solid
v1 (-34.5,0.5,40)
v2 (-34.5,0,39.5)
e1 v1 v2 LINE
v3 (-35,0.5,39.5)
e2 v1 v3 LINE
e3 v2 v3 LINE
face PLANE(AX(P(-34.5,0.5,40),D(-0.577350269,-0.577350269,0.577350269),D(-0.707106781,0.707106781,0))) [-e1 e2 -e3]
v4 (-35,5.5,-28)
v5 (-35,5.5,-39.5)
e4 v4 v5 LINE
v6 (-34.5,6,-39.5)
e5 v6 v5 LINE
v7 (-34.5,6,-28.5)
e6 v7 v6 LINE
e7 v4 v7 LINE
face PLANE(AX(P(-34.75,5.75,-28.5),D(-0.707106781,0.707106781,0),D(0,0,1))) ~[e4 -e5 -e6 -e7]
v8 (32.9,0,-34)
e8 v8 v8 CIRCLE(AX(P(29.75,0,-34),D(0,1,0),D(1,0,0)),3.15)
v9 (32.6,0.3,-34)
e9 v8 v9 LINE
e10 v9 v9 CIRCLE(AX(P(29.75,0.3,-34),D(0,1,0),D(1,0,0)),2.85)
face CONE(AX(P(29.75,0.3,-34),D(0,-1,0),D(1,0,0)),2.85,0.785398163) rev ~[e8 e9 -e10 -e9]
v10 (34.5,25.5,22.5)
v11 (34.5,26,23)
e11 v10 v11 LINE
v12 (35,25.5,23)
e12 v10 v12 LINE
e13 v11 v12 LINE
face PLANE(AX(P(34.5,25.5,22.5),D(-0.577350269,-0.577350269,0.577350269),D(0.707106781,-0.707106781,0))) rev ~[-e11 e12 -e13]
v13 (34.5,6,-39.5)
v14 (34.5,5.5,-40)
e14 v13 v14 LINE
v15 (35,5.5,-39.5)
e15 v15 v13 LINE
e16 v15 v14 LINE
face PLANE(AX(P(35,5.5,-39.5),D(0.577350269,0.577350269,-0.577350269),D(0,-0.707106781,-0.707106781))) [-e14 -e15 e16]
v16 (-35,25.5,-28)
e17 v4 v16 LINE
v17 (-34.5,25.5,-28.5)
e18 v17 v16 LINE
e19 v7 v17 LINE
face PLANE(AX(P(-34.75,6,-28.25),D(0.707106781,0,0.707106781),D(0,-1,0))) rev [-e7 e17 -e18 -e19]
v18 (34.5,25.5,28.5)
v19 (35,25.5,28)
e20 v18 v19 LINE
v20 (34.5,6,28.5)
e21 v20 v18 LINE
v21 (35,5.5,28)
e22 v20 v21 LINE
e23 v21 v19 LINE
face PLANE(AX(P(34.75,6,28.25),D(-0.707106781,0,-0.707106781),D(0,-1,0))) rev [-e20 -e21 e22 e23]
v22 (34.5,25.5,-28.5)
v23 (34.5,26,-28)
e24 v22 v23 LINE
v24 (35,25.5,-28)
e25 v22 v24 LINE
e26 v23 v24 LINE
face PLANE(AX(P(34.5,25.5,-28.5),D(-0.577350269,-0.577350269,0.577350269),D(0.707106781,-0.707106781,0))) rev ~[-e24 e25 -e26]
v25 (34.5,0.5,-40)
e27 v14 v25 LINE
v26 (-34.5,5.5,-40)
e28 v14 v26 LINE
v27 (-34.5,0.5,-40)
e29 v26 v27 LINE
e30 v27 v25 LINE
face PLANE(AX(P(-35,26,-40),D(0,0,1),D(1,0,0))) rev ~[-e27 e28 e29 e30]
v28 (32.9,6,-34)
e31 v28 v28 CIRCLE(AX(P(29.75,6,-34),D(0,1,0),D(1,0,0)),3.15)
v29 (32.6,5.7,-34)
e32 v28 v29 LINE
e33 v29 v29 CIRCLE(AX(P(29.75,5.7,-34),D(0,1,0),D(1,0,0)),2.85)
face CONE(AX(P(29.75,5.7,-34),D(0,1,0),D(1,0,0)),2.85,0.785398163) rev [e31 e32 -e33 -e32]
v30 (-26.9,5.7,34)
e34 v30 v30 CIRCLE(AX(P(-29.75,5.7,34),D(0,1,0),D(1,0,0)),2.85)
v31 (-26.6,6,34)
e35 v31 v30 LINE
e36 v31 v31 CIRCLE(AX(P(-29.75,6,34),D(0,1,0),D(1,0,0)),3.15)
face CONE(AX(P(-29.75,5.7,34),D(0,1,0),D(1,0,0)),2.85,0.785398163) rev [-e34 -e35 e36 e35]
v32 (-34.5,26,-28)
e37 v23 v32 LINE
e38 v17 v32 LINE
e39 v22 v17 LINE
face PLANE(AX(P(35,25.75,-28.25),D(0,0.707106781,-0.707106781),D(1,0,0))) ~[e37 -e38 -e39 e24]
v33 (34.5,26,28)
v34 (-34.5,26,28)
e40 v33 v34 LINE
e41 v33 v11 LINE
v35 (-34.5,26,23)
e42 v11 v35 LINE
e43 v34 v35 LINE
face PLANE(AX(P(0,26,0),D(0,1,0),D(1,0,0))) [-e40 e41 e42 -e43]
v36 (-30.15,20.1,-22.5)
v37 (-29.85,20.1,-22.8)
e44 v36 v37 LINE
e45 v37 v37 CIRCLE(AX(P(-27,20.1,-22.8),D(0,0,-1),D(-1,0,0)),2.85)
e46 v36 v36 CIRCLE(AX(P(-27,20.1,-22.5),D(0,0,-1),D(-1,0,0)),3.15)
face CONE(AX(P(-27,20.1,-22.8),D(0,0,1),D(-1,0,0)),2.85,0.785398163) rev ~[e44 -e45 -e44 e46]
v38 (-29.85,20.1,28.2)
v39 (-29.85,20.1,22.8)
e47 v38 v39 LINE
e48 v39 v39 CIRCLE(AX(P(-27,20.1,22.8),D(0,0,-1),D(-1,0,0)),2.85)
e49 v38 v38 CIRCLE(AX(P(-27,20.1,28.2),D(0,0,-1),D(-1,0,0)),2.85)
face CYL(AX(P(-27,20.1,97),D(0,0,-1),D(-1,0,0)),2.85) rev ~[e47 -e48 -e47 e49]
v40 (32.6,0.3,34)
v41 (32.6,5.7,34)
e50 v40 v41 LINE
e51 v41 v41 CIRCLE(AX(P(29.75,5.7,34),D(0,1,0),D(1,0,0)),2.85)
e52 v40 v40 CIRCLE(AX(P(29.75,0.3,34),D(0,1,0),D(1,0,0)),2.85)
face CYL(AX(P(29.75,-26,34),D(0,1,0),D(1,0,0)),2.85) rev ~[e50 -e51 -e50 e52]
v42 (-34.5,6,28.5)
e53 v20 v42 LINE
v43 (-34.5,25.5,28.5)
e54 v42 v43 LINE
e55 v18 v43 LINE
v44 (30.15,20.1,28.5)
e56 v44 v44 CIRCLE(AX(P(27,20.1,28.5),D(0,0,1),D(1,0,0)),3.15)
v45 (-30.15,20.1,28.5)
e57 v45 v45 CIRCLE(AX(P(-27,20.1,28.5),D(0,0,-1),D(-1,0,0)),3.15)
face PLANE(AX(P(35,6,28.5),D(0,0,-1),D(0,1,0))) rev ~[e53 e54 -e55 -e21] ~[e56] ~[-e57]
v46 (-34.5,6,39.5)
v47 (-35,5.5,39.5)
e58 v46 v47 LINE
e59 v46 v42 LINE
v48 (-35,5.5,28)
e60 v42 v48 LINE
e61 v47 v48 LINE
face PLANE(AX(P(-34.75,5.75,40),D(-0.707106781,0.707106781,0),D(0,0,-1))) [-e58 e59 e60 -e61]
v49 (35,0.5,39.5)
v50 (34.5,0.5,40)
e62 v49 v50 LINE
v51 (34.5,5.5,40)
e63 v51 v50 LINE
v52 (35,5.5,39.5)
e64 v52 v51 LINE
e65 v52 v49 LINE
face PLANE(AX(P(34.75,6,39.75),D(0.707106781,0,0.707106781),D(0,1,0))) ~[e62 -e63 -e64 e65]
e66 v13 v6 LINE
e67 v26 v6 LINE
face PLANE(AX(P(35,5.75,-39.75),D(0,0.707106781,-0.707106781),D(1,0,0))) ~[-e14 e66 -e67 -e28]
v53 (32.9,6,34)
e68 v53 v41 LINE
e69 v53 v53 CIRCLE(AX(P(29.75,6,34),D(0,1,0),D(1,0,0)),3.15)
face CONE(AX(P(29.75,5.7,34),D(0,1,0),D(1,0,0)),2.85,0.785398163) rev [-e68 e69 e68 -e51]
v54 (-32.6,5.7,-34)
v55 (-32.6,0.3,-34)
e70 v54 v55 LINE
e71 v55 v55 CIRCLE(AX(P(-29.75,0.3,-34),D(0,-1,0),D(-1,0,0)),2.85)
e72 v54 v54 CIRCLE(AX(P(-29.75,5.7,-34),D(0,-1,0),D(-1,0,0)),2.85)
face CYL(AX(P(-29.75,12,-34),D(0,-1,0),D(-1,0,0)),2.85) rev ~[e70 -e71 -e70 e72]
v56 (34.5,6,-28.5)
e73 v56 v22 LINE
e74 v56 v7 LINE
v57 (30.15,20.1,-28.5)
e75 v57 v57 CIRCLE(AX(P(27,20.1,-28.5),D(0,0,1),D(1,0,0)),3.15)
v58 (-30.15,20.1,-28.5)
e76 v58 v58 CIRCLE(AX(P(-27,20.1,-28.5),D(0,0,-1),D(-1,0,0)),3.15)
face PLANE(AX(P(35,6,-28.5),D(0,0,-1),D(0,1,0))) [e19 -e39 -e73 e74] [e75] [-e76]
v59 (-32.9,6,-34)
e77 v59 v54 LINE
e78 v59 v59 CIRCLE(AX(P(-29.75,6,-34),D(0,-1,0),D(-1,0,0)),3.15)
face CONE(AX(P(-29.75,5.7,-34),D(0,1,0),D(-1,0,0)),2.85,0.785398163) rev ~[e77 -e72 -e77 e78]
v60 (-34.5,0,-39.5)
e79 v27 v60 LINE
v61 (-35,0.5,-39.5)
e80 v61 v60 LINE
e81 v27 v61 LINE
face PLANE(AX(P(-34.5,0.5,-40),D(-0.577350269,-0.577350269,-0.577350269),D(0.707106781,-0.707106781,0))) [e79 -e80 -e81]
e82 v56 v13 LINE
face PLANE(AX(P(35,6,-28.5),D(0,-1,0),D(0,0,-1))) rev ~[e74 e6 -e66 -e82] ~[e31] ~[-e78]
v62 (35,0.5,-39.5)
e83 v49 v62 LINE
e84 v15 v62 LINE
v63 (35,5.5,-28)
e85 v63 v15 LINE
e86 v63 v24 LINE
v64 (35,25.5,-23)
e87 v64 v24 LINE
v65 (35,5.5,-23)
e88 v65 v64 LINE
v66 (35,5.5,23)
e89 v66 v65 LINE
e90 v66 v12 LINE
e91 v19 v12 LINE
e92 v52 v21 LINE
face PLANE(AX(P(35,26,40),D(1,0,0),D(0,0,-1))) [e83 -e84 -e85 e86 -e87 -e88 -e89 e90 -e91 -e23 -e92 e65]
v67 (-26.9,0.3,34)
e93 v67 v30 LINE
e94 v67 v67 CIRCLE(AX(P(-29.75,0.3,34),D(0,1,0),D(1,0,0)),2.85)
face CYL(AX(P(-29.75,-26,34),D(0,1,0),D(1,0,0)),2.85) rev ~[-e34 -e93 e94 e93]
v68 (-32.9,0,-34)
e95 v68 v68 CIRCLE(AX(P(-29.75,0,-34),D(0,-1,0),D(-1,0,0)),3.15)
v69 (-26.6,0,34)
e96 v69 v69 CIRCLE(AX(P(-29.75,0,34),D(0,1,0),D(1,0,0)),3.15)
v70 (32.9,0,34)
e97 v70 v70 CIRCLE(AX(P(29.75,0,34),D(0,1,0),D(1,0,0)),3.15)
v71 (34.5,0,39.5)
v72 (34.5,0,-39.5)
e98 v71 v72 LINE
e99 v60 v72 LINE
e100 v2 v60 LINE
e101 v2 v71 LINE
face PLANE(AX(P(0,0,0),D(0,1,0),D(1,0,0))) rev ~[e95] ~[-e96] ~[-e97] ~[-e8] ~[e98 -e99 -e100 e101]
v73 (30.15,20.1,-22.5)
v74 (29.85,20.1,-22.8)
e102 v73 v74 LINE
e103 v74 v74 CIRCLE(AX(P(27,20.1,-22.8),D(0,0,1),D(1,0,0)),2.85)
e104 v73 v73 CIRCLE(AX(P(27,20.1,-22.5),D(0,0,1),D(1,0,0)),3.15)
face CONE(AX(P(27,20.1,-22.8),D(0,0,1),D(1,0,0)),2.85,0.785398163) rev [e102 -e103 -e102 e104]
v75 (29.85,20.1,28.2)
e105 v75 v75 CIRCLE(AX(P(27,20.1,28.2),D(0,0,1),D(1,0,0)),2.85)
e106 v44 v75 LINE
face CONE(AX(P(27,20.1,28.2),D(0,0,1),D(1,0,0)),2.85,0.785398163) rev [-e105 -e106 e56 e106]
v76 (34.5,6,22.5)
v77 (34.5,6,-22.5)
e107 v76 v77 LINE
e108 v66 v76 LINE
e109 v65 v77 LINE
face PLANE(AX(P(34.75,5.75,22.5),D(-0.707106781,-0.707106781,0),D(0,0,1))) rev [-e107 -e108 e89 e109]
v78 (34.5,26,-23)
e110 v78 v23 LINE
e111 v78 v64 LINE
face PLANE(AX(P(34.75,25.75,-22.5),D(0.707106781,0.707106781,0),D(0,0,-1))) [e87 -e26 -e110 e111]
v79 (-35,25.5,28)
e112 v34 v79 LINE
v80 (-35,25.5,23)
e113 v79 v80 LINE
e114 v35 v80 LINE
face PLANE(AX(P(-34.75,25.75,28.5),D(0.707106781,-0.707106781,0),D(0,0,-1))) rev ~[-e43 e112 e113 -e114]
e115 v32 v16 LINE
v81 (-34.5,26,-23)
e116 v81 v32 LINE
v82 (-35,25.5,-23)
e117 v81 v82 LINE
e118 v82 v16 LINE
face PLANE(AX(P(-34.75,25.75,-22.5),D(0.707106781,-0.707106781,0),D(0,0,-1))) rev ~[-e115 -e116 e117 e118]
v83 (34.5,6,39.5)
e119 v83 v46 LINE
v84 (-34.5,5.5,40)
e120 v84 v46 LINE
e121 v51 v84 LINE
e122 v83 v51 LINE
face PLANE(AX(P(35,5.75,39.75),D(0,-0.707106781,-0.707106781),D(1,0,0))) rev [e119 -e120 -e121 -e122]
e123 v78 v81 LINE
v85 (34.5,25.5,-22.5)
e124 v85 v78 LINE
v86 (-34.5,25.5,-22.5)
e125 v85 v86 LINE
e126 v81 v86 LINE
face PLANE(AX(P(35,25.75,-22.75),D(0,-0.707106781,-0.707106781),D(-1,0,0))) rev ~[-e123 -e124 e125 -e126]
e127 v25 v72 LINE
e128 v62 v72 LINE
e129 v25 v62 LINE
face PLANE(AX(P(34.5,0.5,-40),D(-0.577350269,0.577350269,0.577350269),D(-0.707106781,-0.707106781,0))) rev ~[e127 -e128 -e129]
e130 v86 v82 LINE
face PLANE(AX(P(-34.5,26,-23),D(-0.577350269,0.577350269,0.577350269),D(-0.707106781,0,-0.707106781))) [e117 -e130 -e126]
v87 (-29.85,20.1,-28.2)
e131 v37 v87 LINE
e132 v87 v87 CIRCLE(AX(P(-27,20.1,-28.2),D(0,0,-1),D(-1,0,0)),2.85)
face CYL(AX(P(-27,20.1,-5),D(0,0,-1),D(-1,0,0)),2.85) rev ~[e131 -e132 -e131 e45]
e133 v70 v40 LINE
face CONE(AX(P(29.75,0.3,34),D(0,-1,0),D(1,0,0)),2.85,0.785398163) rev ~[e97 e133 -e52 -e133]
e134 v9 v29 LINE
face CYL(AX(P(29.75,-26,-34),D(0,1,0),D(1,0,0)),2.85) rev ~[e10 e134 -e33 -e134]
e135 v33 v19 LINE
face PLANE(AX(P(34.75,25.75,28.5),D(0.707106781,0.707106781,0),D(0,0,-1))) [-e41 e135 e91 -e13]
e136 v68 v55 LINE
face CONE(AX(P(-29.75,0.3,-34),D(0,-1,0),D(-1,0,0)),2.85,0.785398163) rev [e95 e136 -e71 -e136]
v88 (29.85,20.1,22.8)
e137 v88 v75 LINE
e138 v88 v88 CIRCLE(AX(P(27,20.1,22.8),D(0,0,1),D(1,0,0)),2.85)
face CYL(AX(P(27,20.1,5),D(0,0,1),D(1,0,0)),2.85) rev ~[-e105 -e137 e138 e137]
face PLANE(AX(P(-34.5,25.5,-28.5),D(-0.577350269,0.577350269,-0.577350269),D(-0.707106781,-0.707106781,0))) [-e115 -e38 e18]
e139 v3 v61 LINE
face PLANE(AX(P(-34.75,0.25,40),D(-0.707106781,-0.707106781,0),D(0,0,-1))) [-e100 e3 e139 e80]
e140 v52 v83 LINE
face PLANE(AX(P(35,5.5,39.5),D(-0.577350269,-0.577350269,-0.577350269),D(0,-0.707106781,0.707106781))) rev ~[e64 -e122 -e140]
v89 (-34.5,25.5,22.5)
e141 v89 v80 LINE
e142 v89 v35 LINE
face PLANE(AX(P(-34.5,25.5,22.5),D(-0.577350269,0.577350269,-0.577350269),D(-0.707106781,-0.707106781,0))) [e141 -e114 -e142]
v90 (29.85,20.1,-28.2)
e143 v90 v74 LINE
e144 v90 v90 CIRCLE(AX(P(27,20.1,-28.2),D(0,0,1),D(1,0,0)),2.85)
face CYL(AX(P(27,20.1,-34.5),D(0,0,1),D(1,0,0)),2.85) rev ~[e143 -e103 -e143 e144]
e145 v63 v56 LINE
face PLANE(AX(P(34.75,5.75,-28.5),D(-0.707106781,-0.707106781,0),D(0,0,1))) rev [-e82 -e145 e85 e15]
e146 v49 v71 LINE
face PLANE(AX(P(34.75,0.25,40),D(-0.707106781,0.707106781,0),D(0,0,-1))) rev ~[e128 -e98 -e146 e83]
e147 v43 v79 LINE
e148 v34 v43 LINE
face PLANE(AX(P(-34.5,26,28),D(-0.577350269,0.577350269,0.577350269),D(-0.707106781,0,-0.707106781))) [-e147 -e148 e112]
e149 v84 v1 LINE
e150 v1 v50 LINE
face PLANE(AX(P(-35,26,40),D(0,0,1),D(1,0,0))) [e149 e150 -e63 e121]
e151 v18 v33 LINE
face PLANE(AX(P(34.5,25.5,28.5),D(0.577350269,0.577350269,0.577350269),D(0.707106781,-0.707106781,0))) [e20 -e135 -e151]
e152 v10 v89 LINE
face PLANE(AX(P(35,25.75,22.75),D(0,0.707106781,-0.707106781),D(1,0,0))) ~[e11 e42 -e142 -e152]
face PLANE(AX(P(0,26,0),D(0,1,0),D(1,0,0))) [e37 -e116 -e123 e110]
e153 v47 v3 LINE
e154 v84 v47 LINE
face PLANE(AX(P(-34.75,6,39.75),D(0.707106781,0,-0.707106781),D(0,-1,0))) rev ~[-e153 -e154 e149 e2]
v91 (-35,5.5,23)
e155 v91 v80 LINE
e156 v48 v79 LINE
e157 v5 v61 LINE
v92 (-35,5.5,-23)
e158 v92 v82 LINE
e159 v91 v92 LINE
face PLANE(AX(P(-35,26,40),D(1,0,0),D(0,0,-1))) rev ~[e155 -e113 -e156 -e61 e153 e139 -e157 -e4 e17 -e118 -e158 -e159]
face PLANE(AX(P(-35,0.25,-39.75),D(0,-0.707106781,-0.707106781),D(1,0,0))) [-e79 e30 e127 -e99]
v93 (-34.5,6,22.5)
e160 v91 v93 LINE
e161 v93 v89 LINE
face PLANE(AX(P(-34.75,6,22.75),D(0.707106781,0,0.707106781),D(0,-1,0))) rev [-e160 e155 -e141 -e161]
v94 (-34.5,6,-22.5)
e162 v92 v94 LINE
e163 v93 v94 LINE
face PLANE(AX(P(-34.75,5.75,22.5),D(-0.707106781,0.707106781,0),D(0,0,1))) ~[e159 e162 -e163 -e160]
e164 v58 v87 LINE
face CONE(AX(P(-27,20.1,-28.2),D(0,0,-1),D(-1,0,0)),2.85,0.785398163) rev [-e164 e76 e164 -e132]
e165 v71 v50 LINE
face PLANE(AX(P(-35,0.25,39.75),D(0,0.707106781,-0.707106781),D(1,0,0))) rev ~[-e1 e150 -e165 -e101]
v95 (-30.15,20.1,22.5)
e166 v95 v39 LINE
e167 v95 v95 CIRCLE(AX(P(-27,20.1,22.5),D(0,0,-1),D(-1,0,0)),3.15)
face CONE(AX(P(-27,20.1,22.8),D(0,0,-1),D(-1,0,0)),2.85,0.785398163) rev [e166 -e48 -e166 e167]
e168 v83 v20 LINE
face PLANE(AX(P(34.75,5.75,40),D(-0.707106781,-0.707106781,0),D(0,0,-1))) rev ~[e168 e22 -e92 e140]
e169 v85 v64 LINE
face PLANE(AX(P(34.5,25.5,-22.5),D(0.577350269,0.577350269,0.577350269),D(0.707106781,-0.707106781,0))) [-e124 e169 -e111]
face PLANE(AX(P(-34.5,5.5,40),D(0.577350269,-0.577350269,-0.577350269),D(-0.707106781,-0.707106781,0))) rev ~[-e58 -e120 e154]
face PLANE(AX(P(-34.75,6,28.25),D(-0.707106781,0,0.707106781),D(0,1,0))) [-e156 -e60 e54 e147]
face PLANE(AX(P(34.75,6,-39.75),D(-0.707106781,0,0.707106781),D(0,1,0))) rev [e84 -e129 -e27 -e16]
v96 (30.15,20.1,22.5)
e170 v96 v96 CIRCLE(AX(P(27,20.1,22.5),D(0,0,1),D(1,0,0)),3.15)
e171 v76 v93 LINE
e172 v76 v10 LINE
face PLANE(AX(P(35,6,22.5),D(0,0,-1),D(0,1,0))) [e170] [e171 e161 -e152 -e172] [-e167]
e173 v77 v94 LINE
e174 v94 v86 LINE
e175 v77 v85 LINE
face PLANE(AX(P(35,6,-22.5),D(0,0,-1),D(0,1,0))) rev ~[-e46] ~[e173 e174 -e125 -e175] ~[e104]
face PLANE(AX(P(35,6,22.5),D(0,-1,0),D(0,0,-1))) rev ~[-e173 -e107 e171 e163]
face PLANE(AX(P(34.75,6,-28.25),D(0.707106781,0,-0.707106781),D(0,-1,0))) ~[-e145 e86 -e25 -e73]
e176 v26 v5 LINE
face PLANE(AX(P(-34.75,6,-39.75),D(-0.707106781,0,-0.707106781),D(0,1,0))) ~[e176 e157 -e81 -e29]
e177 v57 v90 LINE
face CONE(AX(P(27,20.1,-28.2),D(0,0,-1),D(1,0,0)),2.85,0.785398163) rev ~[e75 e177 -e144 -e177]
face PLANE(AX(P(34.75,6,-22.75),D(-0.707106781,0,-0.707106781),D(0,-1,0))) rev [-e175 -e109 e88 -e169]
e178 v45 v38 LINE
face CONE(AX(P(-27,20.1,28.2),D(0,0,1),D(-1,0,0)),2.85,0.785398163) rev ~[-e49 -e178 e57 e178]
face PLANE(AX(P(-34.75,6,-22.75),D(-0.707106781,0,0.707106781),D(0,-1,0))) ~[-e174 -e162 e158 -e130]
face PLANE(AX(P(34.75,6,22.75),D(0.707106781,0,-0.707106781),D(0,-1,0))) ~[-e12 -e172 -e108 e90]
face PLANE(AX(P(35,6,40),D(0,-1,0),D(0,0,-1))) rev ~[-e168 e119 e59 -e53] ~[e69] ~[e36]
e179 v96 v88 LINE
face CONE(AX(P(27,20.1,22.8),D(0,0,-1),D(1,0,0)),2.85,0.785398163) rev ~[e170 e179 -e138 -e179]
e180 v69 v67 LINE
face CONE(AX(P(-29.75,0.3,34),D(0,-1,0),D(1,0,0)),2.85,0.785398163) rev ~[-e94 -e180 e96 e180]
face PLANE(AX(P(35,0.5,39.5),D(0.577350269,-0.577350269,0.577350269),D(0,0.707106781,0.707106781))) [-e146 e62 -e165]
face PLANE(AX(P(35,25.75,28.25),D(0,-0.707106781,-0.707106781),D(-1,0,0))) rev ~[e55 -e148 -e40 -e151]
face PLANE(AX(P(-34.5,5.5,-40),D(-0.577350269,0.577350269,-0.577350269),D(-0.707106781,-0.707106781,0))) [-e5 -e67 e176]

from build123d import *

# Parameters (mm, degrees)
SKETCH_1_W                     = 70
SKETCH_1_H                     = 80
EXTRUDE_1_DEPTH                = 26
SKETCH_2_W                     = 11.5
SKETCH_2_H                     = 20
CUT_EXTRUDE_1_DEPTH            = 71
SKETCH_3_W                     = 45
SKETCH_3_H                     = 20
CUT_EXTRUDE_2_DEPTH            = 71
SKETCH_4_W                     = 11.5
SKETCH_4_H                     = 20
CUT_EXTRUDE_3_DEPTH            = 71
F_5_7_5_7_DIAMETER_HOLE1_D     = 5.7
F_5_7_5_7_DIAMETER_HOLE1_DEPTH = 6
F_5_7_5_7_DIAMETER_HOLE2_D     = 5.7
F_5_7_5_7_DIAMETER_HOLE2_DEPTH = 26
F_5_7_5_7_DIAMETER_HOLE3_D     = 5.7
F_5_7_5_7_DIAMETER_HOLE3_DEPTH = 17.5
F_5_7_5_7_DIAMETER_HOLE4_D     = 5.7
F_5_7_5_7_DIAMETER_HOLE4_DEPTH = 6
F_5_7_5_7_DIAMETER_HOLE5_D     = 5.7
F_5_7_5_7_DIAMETER_HOLE5_DEPTH = 68.5
F_5_7_5_7_DIAMETER_HOLE6_D     = 5.7
F_5_7_5_7_DIAMETER_HOLE6_DEPTH = 17.5
CHAMFER_1_SIZE                 = 0.3
CHAMFER_2_SIZE                 = 0.5


with BuildPart() as part:
    # 스케치1 → 보스-돌출1 (new body)
    with BuildSketch(Plane(origin=(0, 26, 0), x_dir=(1, 0, 0), z_dir=(0, 1, 0))):
        Rectangle(SKETCH_1_W, SKETCH_1_H)
    extrude(amount=-EXTRUDE_1_DEPTH)

    # 스케치2 → 컷-돌출1 (cut, through all)
    with BuildSketch(Plane(origin=(35, 0, 0), x_dir=(0, 0, -1), z_dir=(1, 0, 0))):
        with Locations((-34.25, 16)):
            Rectangle(SKETCH_2_W, SKETCH_2_H)
    extrude(amount=-CUT_EXTRUDE_1_DEPTH, mode=Mode.SUBTRACT)

    # 스케치3 → 컷-돌출2 (cut, through all)
    with BuildSketch(Plane(origin=(35, 0, 0), x_dir=(0, 0, -1), z_dir=(1, 0, 0))):
        with Locations((0, 16)):
            Rectangle(SKETCH_3_W, SKETCH_3_H)
    extrude(amount=-CUT_EXTRUDE_2_DEPTH, mode=Mode.SUBTRACT)

    # 스케치4 → 컷-돌출3 (cut, through all)
    with BuildSketch(Plane(origin=(35, 0, 0), x_dir=(0, 0, -1), z_dir=(1, 0, 0))):
        with Locations((34.25, 16)):
            Rectangle(SKETCH_4_W, SKETCH_4_H)
    extrude(amount=-CUT_EXTRUDE_3_DEPTH, mode=Mode.SUBTRACT)

    # Ø5.7 (5.7) Diameter Hole1
    with Locations(Plane(origin=(0, 6, 0), x_dir=(1, 0, 0), z_dir=(0, 1, 0))):
        with Locations((-29.75, 34)):
            Hole(F_5_7_5_7_DIAMETER_HOLE1_D / 2, depth=F_5_7_5_7_DIAMETER_HOLE1_DEPTH)

    # Ø5.7 (5.7) Diameter Hole2
    with Locations(Plane(origin=(0, 0, 0), x_dir=(-1, 0, 0), z_dir=(0, -1, 0))):
        with Locations((-29.75, -34), (-29.75, 34), (29.75, -34)):
            Hole(F_5_7_5_7_DIAMETER_HOLE2_D / 2, depth=F_5_7_5_7_DIAMETER_HOLE2_DEPTH)

    # Ø5.7 (5.7) Diameter Hole3
    with Locations(Plane.XY.offset(-22.5)):
        with Locations((-27, 20.1)):
            Hole(F_5_7_5_7_DIAMETER_HOLE3_D / 2, depth=F_5_7_5_7_DIAMETER_HOLE3_DEPTH)

    # Ø5.7 (5.7) Diameter Hole4
    with Locations(Plane(origin=(0, 0, -28.5), x_dir=(-1, 0, 0), z_dir=(0, 0, -1))):
        with Locations((-27, 20.1)):
            Hole(F_5_7_5_7_DIAMETER_HOLE4_D / 2, depth=F_5_7_5_7_DIAMETER_HOLE4_DEPTH)

    # Ø5.7 (5.7) Diameter Hole5
    with Locations(Plane.XY.offset(28.5)):
        with Locations((-27, 20.1)):
            Hole(F_5_7_5_7_DIAMETER_HOLE5_D / 2, depth=F_5_7_5_7_DIAMETER_HOLE5_DEPTH)

    # Ø5.7 (5.7) Diameter Hole6
    with Locations(Plane(origin=(0, 0, 22.5), x_dir=(-1, 0, 0), z_dir=(0, 0, -1))):
        with Locations((-27, 20.1)):
            Hole(F_5_7_5_7_DIAMETER_HOLE6_D / 2, depth=F_5_7_5_7_DIAMETER_HOLE6_DEPTH)

    # 모따기1
    chamfer_1_edges = [part.edges().sort_by_distance(p)[0] for p in [
        (-24.15, 20.1, 22.5),
        (-24.15, 20.1, 28.5),
        (24.15, 20.1, 28.5),
        (24.15, 20.1, 22.5),
        (-26.9, 6, -34),
        (-26.9, 0, -34),
        (-32.6, 6, 34),
        (-32.6, 0, 34),
        (26.9, 6, -34),
        (26.9, 0, -34),
        (26.9, 6, 34),
        (26.9, 0, 34),
        (-24.15, 20.1, -28.5),
        (-24.15, 20.1, -22.5),
        (24.15, 20.1, -28.5),
        (24.15, 20.1, -22.5),
    ]]
    chamfer(chamfer_1_edges, length=CHAMFER_1_SIZE)

    # 모따기2
    chamfer_2_edges = [part.edges().sort_by_distance(p)[0] for p in [
        (-35, 0, 0),
        (35, 26, 25.5),
        (0, 0, 40),
        (-35, 6, 34.25),
        (0, 6, 40),
        (-35, 16, 28.5),
        (0, 26, 28.5),
        (35, 6, 34.25),
        (35, 16, 28.5),
        (35, 26, -25.5),
        (-35, 26, 25.5),
        (0, 26, 22.5),
        (-35, 16, -22.5),
        (0, 26, -22.5),
        (-35, 6, 0),
        (-35, 16, 22.5),
        (35, 16, 22.5),
        (35, 6, 0),
        (35, 16, -22.5),
        (-35, 26, -25.5),
        (35, 0, 0),
        (0, 26, -28.5),
        (-35, 6, -34.25),
        (0, 6, -40),
        (-35, 16, -28.5),
        (35, 16, -28.5),
        (35, 6, -34.25),
        (35, 3, 40),
        (-35, 3, 40),
        (-35, 3, -40),
        (35, 3, -40),
        (0, 0, -40),
    ]]
    chamfer(chamfer_2_edges, length=CHAMFER_2_SIZE)


solid = part.part
